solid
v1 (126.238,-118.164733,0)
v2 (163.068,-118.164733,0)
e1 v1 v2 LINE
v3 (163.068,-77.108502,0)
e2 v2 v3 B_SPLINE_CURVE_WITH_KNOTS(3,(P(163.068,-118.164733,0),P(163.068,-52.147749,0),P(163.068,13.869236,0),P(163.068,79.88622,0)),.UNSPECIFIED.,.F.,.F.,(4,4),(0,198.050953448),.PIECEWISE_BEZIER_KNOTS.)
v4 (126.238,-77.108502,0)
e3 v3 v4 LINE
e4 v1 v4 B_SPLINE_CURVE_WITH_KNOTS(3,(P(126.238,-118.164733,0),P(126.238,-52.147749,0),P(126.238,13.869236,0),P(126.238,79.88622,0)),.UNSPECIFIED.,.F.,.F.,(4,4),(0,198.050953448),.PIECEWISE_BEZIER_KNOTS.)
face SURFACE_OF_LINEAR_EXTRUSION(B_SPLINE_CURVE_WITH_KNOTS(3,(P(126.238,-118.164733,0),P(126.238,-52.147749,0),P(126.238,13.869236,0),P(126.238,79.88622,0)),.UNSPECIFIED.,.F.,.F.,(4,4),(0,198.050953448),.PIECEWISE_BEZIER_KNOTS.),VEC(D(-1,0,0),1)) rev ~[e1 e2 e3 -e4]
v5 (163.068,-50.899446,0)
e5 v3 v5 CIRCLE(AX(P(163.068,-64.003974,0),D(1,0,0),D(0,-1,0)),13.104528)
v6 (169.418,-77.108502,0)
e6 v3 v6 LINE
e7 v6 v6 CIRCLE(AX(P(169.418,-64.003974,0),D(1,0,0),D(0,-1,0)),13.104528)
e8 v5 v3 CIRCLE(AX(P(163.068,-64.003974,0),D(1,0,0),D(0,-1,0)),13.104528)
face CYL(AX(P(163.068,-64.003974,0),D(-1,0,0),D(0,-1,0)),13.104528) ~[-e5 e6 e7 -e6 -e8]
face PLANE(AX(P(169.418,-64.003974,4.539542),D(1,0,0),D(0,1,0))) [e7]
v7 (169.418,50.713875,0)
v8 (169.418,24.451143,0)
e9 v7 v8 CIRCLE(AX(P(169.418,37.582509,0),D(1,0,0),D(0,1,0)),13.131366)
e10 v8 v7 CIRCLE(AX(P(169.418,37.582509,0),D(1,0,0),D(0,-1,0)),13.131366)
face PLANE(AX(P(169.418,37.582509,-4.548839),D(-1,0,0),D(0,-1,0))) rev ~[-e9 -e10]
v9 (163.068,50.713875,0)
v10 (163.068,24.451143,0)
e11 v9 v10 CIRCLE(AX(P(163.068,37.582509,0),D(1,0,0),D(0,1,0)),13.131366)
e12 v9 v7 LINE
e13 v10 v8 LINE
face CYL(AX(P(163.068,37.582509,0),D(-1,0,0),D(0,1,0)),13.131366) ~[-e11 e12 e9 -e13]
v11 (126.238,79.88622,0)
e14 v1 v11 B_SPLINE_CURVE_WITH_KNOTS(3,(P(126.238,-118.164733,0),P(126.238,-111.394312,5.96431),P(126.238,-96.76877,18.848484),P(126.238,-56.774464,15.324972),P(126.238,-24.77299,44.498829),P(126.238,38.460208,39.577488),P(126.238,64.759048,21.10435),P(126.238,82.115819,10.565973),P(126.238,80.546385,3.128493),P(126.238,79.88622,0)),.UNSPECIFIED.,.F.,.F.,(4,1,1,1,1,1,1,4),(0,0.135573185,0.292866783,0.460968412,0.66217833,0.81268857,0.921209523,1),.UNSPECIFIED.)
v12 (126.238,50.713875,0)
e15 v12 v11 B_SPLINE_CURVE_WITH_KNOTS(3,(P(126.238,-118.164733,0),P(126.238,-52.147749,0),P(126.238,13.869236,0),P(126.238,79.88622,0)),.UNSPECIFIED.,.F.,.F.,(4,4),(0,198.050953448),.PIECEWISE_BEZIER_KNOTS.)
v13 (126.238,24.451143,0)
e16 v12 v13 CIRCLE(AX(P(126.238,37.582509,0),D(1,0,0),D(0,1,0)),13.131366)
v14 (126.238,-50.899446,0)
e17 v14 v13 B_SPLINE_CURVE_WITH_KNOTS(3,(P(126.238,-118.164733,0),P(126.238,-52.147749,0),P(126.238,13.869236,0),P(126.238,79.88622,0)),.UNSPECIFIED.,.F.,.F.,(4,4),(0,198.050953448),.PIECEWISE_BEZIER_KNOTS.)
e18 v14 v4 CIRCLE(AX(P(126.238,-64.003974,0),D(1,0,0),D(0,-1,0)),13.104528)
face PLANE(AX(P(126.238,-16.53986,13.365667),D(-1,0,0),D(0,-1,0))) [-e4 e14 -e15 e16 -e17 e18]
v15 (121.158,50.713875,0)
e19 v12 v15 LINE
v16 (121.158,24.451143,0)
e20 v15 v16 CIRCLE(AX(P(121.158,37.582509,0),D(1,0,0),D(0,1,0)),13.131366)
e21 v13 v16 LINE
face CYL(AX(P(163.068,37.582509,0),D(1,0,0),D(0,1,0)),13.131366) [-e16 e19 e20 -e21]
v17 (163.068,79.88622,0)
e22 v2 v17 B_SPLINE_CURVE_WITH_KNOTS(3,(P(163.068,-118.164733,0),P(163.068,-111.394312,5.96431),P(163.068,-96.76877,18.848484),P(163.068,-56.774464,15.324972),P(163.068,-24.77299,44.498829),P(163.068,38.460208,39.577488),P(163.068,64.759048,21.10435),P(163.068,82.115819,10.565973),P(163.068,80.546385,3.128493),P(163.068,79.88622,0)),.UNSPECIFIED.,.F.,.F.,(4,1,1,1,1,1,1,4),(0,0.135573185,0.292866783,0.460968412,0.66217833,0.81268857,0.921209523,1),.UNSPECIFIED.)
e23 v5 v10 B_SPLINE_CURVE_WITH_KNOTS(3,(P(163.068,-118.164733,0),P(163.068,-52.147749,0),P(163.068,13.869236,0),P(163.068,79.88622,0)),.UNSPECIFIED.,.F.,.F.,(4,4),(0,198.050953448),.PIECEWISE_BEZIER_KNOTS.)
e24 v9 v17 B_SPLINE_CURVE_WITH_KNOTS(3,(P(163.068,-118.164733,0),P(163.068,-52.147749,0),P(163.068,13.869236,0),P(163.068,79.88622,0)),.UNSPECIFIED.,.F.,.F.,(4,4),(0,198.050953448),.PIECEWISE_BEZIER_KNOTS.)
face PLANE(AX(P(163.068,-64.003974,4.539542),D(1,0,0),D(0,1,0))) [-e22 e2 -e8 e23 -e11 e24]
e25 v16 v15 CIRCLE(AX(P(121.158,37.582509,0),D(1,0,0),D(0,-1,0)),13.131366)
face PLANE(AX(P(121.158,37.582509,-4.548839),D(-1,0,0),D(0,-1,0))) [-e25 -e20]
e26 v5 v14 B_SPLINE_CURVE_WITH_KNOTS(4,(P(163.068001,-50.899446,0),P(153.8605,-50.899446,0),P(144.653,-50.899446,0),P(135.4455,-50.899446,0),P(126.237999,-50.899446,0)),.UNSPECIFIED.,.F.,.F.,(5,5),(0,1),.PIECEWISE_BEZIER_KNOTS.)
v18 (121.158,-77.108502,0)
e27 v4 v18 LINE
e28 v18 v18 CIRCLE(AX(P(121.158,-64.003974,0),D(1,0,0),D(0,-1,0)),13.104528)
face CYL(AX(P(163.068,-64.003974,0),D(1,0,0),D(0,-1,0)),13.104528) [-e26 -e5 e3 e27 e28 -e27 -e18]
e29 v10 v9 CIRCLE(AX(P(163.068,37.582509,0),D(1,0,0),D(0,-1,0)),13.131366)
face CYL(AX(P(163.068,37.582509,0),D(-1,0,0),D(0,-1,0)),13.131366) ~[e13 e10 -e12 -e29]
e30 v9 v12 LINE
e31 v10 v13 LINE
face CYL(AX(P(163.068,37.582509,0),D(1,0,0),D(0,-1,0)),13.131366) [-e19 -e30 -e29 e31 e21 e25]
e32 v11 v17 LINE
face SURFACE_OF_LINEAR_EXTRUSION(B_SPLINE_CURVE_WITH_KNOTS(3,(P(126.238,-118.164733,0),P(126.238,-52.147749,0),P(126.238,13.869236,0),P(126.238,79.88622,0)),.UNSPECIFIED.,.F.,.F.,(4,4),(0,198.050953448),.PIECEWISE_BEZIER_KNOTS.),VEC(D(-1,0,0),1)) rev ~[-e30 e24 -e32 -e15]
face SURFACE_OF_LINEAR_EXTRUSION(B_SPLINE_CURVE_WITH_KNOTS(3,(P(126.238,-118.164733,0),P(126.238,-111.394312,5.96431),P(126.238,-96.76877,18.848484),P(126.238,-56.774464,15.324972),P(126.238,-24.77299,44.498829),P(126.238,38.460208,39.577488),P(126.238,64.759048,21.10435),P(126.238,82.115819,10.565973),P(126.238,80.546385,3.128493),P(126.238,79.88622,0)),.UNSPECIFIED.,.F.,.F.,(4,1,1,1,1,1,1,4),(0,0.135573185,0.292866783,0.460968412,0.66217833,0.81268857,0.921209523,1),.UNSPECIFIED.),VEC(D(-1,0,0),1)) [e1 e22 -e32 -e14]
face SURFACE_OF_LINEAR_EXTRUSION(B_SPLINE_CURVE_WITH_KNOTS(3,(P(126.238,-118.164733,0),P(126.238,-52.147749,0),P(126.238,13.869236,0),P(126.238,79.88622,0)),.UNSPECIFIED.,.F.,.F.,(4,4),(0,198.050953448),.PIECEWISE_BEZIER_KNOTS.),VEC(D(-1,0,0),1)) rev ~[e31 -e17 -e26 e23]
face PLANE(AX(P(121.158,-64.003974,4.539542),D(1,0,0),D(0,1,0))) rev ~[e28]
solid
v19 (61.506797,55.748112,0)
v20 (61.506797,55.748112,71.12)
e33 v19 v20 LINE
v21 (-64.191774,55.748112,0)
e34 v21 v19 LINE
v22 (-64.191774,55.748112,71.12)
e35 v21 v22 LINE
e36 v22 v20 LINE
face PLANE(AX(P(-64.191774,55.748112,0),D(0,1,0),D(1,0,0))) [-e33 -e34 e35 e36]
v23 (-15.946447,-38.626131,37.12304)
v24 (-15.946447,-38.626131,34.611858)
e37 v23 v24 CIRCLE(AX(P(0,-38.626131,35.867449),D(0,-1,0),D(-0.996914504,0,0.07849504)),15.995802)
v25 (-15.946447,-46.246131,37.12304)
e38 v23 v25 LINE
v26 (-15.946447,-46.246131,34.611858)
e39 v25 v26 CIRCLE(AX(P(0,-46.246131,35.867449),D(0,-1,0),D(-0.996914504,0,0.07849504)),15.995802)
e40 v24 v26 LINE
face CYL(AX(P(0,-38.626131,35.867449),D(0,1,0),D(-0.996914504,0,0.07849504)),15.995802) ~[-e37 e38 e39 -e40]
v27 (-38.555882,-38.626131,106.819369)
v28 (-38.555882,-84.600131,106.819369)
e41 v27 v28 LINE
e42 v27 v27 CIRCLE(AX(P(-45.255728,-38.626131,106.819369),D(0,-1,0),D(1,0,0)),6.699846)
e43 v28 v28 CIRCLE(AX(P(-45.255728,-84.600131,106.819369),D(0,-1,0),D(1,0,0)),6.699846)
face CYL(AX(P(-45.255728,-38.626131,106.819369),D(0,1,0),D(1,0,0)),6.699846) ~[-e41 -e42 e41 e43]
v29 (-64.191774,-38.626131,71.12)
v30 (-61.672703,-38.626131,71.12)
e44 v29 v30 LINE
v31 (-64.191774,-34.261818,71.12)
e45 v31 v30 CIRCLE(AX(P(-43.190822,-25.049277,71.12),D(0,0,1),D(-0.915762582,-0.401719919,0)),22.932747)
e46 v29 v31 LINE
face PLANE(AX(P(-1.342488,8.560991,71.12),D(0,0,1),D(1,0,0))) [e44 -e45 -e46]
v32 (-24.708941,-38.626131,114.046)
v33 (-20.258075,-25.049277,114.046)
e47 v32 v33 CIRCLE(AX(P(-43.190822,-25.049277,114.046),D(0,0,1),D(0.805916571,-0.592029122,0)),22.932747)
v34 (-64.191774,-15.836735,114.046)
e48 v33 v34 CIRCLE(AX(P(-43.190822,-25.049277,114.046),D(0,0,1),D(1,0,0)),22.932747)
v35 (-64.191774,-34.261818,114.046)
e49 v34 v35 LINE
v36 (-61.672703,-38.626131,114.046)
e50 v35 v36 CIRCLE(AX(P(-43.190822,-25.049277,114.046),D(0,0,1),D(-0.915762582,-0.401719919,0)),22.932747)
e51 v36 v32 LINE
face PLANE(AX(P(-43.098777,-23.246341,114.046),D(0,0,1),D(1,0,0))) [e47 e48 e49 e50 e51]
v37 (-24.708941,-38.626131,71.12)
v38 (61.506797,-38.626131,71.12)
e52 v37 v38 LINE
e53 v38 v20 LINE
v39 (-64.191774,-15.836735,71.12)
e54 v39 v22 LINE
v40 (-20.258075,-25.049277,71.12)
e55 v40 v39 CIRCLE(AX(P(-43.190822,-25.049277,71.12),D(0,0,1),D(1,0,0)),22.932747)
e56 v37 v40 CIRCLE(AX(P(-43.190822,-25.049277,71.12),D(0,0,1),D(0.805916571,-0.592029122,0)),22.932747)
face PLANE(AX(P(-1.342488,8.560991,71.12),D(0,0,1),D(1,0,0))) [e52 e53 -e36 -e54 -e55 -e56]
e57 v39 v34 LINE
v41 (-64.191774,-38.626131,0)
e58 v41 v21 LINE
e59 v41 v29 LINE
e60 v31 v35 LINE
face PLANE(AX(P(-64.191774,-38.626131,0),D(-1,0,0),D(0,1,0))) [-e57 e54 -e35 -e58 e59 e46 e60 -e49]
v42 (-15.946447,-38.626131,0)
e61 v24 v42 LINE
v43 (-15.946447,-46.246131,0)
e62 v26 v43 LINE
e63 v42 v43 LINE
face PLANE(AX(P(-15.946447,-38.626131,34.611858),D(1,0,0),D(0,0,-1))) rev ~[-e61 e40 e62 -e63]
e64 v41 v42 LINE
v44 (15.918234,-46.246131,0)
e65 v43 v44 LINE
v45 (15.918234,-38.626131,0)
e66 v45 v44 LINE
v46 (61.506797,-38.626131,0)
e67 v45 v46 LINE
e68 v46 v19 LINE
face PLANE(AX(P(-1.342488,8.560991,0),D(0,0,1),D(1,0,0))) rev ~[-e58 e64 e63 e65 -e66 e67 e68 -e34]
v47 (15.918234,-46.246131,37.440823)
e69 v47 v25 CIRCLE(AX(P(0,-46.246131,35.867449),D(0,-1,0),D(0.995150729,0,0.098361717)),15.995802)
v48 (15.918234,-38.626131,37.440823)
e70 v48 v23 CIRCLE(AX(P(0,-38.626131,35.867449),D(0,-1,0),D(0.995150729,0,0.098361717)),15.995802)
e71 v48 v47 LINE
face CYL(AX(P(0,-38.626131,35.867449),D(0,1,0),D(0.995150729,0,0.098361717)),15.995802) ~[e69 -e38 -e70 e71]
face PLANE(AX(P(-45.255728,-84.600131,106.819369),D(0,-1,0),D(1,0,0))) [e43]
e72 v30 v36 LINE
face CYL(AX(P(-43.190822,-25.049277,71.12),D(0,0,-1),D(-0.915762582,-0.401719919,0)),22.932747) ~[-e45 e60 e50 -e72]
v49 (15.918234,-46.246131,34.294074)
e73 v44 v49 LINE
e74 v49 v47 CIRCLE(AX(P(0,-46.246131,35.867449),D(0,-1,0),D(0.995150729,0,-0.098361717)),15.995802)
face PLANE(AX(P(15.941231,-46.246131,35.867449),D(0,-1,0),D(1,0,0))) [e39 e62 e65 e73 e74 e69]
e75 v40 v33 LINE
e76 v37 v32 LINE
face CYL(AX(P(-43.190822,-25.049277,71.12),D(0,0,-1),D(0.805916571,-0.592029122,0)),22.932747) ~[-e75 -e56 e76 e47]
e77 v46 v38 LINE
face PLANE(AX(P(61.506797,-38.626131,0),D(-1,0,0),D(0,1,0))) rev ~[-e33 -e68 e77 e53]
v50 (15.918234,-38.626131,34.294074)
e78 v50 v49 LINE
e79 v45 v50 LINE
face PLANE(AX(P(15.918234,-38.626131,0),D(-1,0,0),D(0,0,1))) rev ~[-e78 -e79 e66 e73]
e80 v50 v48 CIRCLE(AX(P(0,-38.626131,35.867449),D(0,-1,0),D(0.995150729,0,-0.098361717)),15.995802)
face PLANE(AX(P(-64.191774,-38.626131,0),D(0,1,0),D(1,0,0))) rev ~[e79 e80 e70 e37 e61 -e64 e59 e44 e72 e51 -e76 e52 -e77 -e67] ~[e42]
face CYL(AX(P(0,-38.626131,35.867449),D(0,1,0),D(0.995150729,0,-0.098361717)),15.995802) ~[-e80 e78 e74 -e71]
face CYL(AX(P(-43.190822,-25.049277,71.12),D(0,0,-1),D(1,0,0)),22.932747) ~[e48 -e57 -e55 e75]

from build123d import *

# Parameters (mm, degrees)
F0_W           = 125.6985701621
F0_H           = 94.37424317
F1_DEPTH       = 71.12
F3_DEPTH       = 7.62
F5_DEPTH       = 42.926
F6_R           = 6.6998463105
F7_DEPTH       = 45.974
F10_DEPTH      = 36.83
F12_DEPTH      = 41.91
F12_DEPTH_BACK = 6.35


with BuildPart() as f1:
    # F0 (on Top) → F1 (new body)
    with BuildSketch(Plane.XY):
        with Locations((-1.3424884528, 8.5609909147)):
            Rectangle(F0_W, F0_H)
    extrude(amount=F1_DEPTH)

    # F2 (on face) → F3 (join)
    with BuildSketch(Plane.XZ.offset(38.6261306703)):
        with BuildLine():
            Line((15.9182339085, 37.4408234342), (15.9182339085, 34.2940743581))
            ThreePointArc((15.9182339085, 34.2940743581), (15.9958018931, 35.8674488962), (15.9182339085, 37.4408234342))
        make_face()
        with BuildLine():
            Line((15.9182339085, 0), (15.9182339085, 34.2940743581))
            Line((15.9182339085, 34.2940743581), (15.9182339085, 37.4408234342))
            ThreePointArc((15.9182339085, 37.4408234342), (-0.1595166751, 51.8624553868), (-15.9464469133, 37.1230400097))
            Line((-15.9464469133, 37.1230400097), (-15.9464469133, 34.6118577826))
            Line((-15.9464469133, 34.6118577826), (-15.9464469133, 0))
            Line((-15.9464469133, 0), (15.9182339085, 0))
        make_face()
        with BuildLine():
            Line((-15.9464469133, 34.6118577826), (-15.9464469133, 37.1230400097))
            ThreePointArc((-15.9464469133, 37.1230400097), (-15.9958018931, 35.8674488962), (-15.9464469133, 34.6118577826))
        make_face()
    extrude(amount=F3_DEPTH)

    # F4 (on face) → F5 (join)
    with BuildSketch(Plane.XY.offset(71.12)):
        with BuildLine():
            ThreePointArc((-24.7089412616, -38.6261306703), (-21.3991816992, -32.1931757033), (-20.2580750936, -25.04927665))
            ThreePointArc((-20.2580750936, -25.04927665), (-38.4843703373, -2.6046738775), (-64.1917735338, -15.8367354256))
            Line((-64.1917735338, -15.8367354256), (-64.1917735338, -34.2618178743))
            ThreePointArc((-64.1917735338, -34.2618178743), (-63.0524764581, -36.5133755378), (-61.672702749, -38.6261306703))
            Line((-61.672702749, -38.6261306703), (-24.7089412616, -38.6261306703))
        make_face()
    extrude(amount=F5_DEPTH)

    # F6 (on face) → F7 (join)
    with BuildSketch(Plane.XZ.offset(38.6261306703)):
        with Locations((-45.255728066, 106.8193688989)):
            Circle(F6_R)
    extrude(amount=F7_DEPTH)


with BuildPart() as f10:
    # F9 (on offset) → F10 (new body)
    with BuildSketch(Plane.YZ.offset(126.238)):
        with BuildLine():
            add(Edge.make_bspline(
                [(-118.1647330523, 0), (-111.3943123905, 5.9643104463), (-96.7687703267, 18.8484837751), (-56.7744643499, 15.3249723815), (-24.7729904377, 44.4988288222), (38.460207848, 39.5774879774), (64.7590483897, 21.1043497126), (82.1158191607, 10.5659729542), (80.5463853376, 3.1284933557), (79.8862203956, 0)],
                knots=[0, 0, 0, 0, 0.135573185, 0.2928667831, 0.4609684124, 0.6621783296, 0.8126885703, 0.9212095233, 1, 1, 1, 1], degree=3))
            add(Edge.make_bspline(
                [(-118.1647330523, 0), (-52.1477485696, 0), (13.869235913, 0), (79.8862203956, 0)],
                knots=[0, 0, 0, 0, 198.0509534478, 198.0509534478, 198.0509534478, 198.0509534478], degree=3))
        make_face()
    extrude(amount=F10_DEPTH)

    # F11 (on face) → F12 (join, two sides)
    with BuildSketch(Plane.YZ.offset(163.068)) as f12_sk:
        with BuildLine():
            add(Edge.make_bspline(
                [(-77.108502472, 0), (-68.3721502902, 0), (-59.6357981084, 0), (-50.8994459266, 0)],
                knots=[41.0562305803, 41.0562305803, 41.0562305803, 41.0562305803, 67.2652871257, 67.2652871257, 67.2652871257, 67.2652871257], degree=3))
            ThreePointArc((-50.8994459266, 0), (-64.0039741993, 13.1045282727), (-77.108502472, 0))
        make_face()
        with BuildLine():
            ThreePointArc((-77.108502472, 0), (-64.0039741993, -13.1045282727), (-50.8994459266, 0))
            add(Edge.make_bspline(
                [(-77.108502472, 0), (-68.3721502902, 0), (-59.6357981084, 0), (-50.8994459266, 0)],
                knots=[41.0562305803, 41.0562305803, 41.0562305803, 41.0562305803, 67.2652871257, 67.2652871257, 67.2652871257, 67.2652871257], degree=3))
        make_face()
        with BuildLine():
            add(Edge.make_bspline(
                [(24.4511429628, 0), (33.205387134, 0), (41.9596313053, 0), (50.7138754765, 0)],
                knots=[142.6158760151, 142.6158760151, 142.6158760151, 142.6158760151, 168.8786085287, 168.8786085287, 168.8786085287, 168.8786085287], degree=3))
            ThreePointArc((24.4511429628, 0), (37.5825092196, -13.1313662568), (50.7138754765, 0))
        make_face()
        with BuildLine():
            ThreePointArc((50.7138754765, 0), (37.5825092196, 13.1313662568), (24.4511429628, 0))
            add(Edge.make_bspline(
                [(24.4511429628, 0), (33.205387134, 0), (41.9596313053, 0), (50.7138754765, 0)],
                knots=[142.6158760151, 142.6158760151, 142.6158760151, 142.6158760151, 168.8786085287, 168.8786085287, 168.8786085287, 168.8786085287], degree=3))
        make_face()
    extrude(amount=-F12_DEPTH)
    extrude(f12_sk.sketch, amount=F12_DEPTH_BACK)


solid = Compound([f1.part, f10.part])
